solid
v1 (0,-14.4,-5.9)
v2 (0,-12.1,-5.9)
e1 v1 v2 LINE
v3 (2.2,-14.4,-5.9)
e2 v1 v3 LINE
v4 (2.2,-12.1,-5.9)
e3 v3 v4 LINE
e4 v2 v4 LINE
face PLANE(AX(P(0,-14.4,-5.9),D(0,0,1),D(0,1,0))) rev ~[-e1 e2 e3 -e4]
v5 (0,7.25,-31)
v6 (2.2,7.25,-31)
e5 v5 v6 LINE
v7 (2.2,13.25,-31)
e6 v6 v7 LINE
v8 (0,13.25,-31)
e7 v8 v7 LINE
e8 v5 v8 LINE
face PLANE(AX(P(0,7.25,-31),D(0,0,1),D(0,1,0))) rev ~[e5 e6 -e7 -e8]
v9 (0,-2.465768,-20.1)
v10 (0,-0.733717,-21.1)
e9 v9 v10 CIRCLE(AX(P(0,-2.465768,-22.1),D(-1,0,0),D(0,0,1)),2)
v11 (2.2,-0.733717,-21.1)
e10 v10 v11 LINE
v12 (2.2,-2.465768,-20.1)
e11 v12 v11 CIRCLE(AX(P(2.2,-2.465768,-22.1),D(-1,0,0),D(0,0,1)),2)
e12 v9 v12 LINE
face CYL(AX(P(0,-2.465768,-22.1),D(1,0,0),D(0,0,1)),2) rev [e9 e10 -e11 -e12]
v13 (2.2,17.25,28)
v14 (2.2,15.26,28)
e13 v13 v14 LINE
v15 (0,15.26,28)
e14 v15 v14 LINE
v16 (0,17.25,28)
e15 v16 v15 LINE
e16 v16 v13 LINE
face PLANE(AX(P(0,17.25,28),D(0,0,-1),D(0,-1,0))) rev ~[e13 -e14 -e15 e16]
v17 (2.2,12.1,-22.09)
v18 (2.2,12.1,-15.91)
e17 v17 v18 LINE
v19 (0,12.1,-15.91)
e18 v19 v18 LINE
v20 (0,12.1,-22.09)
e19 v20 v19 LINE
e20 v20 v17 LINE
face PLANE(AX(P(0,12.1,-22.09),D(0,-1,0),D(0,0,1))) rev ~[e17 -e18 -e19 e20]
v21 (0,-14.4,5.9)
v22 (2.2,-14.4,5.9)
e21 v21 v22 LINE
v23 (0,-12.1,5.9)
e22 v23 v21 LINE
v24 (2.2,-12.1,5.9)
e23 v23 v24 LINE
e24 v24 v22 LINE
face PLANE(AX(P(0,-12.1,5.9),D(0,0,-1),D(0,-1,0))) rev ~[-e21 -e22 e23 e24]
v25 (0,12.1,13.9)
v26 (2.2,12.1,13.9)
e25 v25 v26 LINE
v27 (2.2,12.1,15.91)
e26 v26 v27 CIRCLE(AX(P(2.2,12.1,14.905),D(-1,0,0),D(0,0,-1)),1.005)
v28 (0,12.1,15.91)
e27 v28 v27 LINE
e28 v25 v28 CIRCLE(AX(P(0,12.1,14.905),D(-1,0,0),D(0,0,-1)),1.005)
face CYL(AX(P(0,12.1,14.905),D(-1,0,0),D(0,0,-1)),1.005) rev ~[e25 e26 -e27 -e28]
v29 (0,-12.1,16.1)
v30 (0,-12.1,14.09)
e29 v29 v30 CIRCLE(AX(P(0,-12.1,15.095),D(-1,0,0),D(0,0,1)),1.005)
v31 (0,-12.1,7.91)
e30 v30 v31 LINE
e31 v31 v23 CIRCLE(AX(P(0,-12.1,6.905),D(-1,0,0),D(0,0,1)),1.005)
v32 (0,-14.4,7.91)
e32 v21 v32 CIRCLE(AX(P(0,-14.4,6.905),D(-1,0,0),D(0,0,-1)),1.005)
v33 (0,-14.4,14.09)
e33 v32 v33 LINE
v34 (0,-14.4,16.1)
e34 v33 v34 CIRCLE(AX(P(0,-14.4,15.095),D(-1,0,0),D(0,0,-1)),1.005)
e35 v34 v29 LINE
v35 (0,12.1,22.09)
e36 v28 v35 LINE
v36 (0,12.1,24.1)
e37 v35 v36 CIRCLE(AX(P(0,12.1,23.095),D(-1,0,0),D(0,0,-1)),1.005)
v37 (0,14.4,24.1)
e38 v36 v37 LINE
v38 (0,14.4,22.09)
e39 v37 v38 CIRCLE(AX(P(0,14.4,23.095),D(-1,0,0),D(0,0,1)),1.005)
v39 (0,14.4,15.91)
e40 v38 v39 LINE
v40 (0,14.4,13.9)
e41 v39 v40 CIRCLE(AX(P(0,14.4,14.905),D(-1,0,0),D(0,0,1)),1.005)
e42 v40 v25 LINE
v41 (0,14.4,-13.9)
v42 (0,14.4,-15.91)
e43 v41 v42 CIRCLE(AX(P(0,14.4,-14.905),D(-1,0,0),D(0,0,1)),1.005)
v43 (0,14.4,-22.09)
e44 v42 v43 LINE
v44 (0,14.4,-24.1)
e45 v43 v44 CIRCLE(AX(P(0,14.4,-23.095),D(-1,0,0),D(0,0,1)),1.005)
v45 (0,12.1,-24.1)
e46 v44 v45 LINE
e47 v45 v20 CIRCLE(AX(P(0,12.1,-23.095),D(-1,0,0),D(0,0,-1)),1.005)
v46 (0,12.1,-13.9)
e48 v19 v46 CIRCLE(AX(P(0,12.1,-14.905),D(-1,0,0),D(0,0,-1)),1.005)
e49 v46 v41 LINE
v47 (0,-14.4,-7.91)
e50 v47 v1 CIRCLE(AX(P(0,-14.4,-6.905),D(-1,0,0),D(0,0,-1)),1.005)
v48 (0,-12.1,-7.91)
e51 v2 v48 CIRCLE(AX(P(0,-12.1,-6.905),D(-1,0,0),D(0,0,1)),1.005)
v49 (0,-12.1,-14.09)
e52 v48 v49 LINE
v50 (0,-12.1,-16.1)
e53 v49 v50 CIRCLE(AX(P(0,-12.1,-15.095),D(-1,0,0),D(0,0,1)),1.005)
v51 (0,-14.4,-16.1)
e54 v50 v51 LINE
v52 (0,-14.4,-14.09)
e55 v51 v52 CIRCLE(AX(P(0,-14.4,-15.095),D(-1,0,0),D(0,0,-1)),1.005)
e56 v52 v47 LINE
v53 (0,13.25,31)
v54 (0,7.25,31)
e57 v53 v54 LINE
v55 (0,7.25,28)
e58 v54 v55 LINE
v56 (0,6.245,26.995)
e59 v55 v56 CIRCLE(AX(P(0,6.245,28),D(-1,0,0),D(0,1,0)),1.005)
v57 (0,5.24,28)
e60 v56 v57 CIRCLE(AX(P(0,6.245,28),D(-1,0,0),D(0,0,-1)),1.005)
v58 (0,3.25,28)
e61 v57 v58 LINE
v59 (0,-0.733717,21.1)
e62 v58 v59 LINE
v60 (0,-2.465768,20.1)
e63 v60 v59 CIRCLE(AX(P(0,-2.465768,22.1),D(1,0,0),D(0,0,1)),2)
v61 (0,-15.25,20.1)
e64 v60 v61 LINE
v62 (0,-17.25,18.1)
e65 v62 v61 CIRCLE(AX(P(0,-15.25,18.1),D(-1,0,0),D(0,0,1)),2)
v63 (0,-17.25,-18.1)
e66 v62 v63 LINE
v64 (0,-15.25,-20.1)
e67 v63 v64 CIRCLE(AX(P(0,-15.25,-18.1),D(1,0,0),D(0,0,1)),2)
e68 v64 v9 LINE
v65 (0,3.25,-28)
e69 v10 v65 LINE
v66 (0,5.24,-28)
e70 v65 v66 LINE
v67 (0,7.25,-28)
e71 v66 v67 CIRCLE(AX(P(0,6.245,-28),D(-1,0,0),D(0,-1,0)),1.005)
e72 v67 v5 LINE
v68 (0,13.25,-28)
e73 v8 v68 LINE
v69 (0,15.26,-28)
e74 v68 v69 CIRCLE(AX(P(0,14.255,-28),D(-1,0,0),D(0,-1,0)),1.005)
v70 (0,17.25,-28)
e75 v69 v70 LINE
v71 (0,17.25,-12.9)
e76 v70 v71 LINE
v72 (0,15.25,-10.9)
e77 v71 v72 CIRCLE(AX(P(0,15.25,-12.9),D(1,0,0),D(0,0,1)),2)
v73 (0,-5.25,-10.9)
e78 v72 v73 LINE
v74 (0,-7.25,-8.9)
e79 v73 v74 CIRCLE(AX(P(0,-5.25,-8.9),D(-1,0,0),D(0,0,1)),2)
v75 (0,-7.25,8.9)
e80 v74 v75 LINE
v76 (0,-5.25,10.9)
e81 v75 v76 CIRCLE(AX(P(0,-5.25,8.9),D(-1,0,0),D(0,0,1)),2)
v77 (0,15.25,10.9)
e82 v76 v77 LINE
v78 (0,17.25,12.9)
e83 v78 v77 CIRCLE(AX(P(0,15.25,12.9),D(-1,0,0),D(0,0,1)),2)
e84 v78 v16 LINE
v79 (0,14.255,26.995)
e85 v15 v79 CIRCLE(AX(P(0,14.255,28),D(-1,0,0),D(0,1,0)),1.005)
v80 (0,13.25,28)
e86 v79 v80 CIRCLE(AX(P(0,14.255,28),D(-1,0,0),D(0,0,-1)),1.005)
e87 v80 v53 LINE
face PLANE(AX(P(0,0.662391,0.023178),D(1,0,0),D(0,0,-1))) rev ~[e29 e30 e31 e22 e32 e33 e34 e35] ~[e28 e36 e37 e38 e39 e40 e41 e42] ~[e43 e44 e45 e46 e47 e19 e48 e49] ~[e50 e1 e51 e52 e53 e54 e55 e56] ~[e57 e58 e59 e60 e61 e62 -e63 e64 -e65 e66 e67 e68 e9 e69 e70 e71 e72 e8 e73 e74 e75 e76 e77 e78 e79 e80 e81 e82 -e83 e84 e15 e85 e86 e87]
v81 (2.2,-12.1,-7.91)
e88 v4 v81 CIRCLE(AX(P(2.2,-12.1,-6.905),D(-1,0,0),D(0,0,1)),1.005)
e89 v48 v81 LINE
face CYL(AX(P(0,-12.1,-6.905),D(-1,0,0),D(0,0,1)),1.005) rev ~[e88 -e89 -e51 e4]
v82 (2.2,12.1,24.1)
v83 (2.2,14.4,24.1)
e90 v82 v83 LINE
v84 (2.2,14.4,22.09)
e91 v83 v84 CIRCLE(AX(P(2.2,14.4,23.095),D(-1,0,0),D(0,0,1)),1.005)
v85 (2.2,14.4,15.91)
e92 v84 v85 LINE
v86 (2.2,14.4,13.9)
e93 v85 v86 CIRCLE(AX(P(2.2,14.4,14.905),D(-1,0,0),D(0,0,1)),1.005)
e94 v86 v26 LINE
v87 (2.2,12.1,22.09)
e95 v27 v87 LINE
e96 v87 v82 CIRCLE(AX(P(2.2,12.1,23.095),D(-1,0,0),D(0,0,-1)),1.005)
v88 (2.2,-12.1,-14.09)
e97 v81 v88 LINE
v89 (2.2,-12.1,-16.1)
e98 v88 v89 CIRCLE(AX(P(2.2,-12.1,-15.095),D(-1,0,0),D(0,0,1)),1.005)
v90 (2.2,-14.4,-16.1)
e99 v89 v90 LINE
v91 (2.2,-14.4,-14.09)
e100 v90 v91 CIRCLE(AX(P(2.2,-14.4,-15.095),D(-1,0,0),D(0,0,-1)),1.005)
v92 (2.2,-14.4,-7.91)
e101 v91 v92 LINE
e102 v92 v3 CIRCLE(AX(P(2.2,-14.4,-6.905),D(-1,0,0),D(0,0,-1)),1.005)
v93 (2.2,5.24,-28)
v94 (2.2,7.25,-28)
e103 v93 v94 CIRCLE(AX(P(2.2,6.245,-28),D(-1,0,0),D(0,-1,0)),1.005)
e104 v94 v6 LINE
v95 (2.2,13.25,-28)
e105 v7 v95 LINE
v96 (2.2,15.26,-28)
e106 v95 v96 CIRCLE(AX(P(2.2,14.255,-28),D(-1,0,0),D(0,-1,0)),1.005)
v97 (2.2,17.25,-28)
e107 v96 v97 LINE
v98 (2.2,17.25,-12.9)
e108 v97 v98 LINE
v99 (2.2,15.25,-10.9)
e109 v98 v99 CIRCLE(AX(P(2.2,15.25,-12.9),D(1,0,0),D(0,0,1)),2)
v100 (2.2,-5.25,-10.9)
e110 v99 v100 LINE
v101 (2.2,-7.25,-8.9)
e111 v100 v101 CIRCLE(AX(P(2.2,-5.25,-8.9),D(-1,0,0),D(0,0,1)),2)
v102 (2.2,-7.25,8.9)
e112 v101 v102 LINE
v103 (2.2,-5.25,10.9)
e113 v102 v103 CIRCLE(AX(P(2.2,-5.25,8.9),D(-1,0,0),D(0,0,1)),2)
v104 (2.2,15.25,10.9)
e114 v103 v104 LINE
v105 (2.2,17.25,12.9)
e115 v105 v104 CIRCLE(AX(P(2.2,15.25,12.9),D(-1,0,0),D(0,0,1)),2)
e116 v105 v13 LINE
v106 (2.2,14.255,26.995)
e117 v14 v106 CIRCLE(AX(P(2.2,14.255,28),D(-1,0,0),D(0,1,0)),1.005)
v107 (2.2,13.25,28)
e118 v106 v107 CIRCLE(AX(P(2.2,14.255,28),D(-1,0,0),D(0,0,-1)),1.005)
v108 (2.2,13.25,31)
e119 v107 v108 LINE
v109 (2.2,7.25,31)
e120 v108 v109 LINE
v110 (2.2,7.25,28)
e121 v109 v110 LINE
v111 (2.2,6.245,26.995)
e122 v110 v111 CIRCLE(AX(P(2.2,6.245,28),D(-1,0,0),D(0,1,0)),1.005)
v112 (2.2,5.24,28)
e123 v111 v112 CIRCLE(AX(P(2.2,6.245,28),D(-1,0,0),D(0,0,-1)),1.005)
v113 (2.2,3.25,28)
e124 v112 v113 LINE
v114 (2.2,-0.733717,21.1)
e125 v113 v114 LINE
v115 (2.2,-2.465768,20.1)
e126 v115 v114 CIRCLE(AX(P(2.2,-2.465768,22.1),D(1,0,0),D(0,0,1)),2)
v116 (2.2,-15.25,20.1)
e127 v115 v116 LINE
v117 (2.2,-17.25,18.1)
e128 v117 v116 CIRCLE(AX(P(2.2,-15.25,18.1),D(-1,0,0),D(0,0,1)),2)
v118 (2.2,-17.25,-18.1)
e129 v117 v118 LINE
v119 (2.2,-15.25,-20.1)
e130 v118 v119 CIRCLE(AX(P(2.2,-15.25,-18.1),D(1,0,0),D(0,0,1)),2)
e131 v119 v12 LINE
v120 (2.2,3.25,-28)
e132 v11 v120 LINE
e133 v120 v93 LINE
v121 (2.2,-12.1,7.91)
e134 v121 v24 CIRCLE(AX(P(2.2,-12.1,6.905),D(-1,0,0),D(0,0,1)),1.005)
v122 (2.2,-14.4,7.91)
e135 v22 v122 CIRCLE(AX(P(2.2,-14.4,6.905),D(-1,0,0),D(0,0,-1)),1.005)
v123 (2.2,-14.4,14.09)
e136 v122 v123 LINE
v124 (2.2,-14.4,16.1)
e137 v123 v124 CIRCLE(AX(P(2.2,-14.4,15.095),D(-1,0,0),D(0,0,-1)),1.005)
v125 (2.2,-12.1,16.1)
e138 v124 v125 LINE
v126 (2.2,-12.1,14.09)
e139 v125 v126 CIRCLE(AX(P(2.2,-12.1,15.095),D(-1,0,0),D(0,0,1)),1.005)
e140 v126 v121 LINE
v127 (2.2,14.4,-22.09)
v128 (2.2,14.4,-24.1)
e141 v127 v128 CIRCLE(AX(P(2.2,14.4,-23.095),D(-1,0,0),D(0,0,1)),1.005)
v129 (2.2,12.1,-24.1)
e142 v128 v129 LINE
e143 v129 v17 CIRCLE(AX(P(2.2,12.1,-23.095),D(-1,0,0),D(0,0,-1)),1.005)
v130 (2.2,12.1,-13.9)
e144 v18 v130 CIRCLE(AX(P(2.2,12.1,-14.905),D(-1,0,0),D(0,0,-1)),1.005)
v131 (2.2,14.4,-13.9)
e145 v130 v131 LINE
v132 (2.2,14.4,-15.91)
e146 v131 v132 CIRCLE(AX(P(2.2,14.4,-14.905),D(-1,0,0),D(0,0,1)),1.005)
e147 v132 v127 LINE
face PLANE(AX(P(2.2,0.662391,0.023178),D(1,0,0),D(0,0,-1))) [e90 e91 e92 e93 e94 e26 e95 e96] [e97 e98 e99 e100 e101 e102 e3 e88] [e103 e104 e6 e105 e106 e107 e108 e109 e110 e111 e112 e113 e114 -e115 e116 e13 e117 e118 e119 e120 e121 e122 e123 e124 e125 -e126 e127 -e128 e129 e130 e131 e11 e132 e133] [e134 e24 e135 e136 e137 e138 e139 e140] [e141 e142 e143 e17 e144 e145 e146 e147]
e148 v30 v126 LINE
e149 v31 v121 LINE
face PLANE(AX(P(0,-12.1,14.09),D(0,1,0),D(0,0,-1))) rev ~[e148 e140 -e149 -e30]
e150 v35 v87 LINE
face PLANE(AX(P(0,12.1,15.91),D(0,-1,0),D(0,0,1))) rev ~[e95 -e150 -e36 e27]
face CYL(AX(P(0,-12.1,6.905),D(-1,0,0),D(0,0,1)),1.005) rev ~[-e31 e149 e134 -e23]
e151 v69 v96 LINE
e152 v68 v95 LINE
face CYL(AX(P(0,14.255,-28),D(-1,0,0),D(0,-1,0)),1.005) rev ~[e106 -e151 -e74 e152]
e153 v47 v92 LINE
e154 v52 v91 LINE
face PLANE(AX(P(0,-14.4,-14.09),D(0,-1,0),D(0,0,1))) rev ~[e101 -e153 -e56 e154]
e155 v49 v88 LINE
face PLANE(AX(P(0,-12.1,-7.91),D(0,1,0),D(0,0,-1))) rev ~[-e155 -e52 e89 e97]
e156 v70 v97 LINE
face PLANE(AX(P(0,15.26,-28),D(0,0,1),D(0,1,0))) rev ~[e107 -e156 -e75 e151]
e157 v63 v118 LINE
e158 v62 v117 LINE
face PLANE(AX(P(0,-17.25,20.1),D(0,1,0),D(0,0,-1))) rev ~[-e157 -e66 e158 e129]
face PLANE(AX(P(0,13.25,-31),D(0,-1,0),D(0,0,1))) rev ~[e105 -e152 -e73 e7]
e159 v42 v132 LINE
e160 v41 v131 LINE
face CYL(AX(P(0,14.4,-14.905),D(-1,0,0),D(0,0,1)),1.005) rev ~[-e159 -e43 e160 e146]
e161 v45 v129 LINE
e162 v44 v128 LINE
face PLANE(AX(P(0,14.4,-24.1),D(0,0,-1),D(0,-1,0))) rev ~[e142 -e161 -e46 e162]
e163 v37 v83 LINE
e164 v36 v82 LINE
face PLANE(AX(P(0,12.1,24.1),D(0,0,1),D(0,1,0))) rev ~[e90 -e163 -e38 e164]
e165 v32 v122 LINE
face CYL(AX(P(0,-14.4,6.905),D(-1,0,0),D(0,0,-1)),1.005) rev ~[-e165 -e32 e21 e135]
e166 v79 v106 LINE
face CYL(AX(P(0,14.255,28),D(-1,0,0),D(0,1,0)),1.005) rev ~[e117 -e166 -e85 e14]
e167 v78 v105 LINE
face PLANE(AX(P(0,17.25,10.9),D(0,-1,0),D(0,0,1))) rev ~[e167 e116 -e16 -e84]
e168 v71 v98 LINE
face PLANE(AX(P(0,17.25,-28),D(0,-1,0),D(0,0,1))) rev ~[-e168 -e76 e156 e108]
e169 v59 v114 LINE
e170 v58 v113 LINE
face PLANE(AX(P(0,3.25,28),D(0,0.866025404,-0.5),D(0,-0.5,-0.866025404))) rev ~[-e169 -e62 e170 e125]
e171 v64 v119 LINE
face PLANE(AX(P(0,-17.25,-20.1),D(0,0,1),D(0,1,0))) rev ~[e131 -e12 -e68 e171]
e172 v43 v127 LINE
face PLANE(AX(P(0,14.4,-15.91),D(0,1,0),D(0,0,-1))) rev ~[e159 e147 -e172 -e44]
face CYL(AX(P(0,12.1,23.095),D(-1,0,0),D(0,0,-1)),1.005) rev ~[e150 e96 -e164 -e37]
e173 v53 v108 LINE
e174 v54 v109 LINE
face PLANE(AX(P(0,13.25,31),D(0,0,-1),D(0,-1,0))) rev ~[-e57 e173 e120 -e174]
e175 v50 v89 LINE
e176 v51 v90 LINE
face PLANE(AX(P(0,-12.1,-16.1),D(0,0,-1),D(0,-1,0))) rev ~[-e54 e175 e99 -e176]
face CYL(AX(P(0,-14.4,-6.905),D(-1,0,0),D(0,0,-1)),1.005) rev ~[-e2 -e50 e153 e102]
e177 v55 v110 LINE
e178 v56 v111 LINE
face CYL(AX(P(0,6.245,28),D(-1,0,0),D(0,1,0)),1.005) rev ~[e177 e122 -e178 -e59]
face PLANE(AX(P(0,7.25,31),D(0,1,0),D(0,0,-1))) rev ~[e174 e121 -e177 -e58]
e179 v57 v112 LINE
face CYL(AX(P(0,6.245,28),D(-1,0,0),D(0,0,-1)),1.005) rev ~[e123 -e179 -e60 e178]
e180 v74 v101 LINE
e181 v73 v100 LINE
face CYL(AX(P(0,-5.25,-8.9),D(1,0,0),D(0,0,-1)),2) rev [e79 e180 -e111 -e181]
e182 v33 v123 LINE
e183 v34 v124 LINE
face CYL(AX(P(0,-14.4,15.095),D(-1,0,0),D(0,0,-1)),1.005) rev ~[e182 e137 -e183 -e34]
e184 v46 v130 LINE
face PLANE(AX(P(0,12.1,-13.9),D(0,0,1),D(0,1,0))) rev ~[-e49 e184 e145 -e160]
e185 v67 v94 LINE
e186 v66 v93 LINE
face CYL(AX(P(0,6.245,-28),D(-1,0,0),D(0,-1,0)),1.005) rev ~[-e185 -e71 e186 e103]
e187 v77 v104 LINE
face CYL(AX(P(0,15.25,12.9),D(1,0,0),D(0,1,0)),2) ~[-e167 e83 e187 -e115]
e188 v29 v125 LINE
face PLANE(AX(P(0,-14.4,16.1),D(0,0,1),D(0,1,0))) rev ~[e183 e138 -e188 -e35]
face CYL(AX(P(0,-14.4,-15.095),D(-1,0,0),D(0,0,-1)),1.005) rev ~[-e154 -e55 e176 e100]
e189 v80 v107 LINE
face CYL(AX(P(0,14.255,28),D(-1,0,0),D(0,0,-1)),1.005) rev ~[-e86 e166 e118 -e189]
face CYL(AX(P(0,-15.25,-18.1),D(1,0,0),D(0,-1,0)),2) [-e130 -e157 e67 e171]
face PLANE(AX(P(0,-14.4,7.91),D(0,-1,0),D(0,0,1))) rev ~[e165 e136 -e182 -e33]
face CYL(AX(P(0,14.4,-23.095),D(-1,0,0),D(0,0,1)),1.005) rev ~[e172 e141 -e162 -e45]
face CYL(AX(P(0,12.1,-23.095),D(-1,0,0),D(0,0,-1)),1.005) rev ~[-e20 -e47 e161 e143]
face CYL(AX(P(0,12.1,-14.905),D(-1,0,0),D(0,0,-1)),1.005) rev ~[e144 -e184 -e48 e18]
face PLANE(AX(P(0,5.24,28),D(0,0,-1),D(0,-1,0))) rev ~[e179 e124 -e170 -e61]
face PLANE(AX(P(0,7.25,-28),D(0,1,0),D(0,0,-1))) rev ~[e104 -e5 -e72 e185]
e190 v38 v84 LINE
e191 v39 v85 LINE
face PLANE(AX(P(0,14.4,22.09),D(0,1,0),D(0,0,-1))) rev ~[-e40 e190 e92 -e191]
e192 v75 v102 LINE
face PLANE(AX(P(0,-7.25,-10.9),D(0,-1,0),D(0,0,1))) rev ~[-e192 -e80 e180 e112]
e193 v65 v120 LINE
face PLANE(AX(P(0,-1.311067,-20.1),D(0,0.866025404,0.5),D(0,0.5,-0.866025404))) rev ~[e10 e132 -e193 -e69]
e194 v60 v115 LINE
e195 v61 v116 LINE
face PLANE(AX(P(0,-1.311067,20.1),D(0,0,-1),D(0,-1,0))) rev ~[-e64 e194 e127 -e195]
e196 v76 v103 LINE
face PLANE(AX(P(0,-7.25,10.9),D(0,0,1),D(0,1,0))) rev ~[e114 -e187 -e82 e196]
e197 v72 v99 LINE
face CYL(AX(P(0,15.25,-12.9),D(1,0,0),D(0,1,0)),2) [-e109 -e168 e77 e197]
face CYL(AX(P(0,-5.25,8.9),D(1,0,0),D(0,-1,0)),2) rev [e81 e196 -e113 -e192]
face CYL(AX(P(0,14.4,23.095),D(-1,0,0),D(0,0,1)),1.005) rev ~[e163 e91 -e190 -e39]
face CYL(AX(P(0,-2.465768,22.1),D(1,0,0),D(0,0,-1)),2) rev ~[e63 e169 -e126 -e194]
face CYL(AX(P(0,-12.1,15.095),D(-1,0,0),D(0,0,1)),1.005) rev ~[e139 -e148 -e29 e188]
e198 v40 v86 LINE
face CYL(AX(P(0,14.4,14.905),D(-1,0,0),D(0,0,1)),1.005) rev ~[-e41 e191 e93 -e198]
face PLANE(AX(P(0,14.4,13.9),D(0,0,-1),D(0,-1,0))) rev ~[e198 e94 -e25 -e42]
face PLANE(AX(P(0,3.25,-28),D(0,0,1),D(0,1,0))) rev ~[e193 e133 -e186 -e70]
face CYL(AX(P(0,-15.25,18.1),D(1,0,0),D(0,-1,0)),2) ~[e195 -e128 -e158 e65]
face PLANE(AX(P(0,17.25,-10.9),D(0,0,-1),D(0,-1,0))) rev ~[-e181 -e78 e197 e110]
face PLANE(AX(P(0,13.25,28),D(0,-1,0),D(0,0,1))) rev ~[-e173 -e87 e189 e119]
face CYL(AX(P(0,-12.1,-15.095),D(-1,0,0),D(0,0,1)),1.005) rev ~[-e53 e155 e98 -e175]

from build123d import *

# Parameters (mm, degrees)
EXTRUDE_1_DEPTH = 2.2
FILLET_1_R      = 2


with BuildPart() as part:
    # 草图1 → 凸台-拉伸1 (new body)
    with BuildSketch(Plane(origin=(0, 0, 0), x_dir=(0, 0, -1), z_dir=(1, 0, 0))):
        with BuildLine():
            Line((-20.1, -17.25), (20.1, -17.25))
            Line((20.1, -17.25), (20.1, -1.311067127))
            Line((20.1, -1.311067127), (28, 3.25))
            Line((28, 3.25), (28, 5.24))
            ThreePointArc((28, 5.24), (26.995, 6.245), (28, 7.25))
            Line((28, 7.25), (31, 7.25))
            Line((31, 7.25), (31, 13.25))
            Line((31, 13.25), (28, 13.25))
            ThreePointArc((28, 13.25), (26.995, 14.255), (28, 15.26))
            Line((28, 15.26), (28, 17.25))
            Line((28, 17.25), (10.9, 17.25))
            Line((10.9, 17.25), (10.9, -7.25))
            Line((10.9, -7.25), (-10.9, -7.25))
            Line((-10.9, -7.25), (-10.9, 17.25))
            Line((-10.9, 17.25), (-28, 17.25))
            Line((-28, 17.25), (-28, 15.26))
            ThreePointArc((-28, 15.26), (-27.289357685, 14.965642315), (-26.995, 14.255))
            ThreePointArc((-26.995, 14.255), (-27.289357685, 13.544357685), (-28, 13.25))
            Line((-28, 13.25), (-31, 13.25))
            Line((-31, 13.25), (-31, 7.25))
            Line((-31, 7.25), (-28, 7.25))
            ThreePointArc((-28, 7.25), (-27.289357685, 6.955642315), (-26.995, 6.245))
            ThreePointArc((-26.995, 6.245), (-27.289357685, 5.534357685), (-28, 5.24))
            Line((-28, 5.24), (-28, 3.25))
            Line((-28, 3.25), (-20.1, -1.311067127))
            Line((-20.1, -1.311067127), (-20.1, -17.25))
        make_face()
        with BuildLine():
            Line((-7.91, -14.4), (-14.09, -14.4))
            ThreePointArc((-14.09, -14.4), (-15.095, -15.405), (-16.1, -14.4))
            Line((-16.1, -14.4), (-16.1, -12.1))
            ThreePointArc((-16.1, -12.1), (-15.095, -11.095), (-14.09, -12.1))
            Line((-14.09, -12.1), (-7.91, -12.1))
            ThreePointArc((-7.91, -12.1), (-6.905, -11.095), (-5.9, -12.1))
            Line((-5.9, -12.1), (-5.9, -14.4))
            ThreePointArc((-5.9, -14.4), (-6.905, -15.405), (-7.91, -14.4))
        make_face(mode=Mode.SUBTRACT)
        with BuildLine():
            Line((16.1, -12.1), (16.1, -14.4))
            ThreePointArc((16.1, -14.4), (15.095, -15.405), (14.09, -14.4))
            Line((14.09, -14.4), (7.91, -14.4))
            ThreePointArc((7.91, -14.4), (6.905, -15.405), (5.9, -14.4))
            Line((5.9, -14.4), (5.9, -12.1))
            ThreePointArc((5.9, -12.1), (6.905, -11.095), (7.91, -12.1))
            Line((7.91, -12.1), (14.09, -12.1))
            ThreePointArc((14.09, -12.1), (15.095, -11.095), (16.1, -12.1))
        make_face(mode=Mode.SUBTRACT)
        with BuildLine():
            Line((-15.91, 12.1), (-22.09, 12.1))
            ThreePointArc((-22.09, 12.1), (-23.095, 11.095), (-24.1, 12.1))
            Line((-24.1, 12.1), (-24.1, 14.4))
            ThreePointArc((-24.1, 14.4), (-23.095, 15.405), (-22.09, 14.4))
            Line((-22.09, 14.4), (-15.91, 14.4))
            ThreePointArc((-15.91, 14.4), (-14.905, 15.405), (-13.9, 14.4))
            Line((-13.9, 14.4), (-13.9, 12.1))
            ThreePointArc((-13.9, 12.1), (-14.905, 11.095), (-15.91, 12.1))
        make_face(mode=Mode.SUBTRACT)
        with BuildLine():
            Line((13.9, 12.1), (13.9, 14.4))
            ThreePointArc((13.9, 14.4), (14.905, 15.405), (15.91, 14.4))
            Line((15.91, 14.4), (22.09, 14.4))
            ThreePointArc((22.09, 14.4), (23.095, 15.405), (24.1, 14.4))
            Line((24.1, 14.4), (24.1, 12.1))
            ThreePointArc((24.1, 12.1), (23.095, 11.095), (22.09, 12.1))
            Line((22.09, 12.1), (15.91, 12.1))
            ThreePointArc((15.91, 12.1), (14.905, 11.095), (13.9, 12.1))
        make_face(mode=Mode.SUBTRACT)
    extrude(amount=EXTRUDE_1_DEPTH)

    # 圆角1
    fillet_1_edges = [part.edges().sort_by_distance(p)[0] for p in [
        (1.1, -1.311067127, -20.1),
        (1.1, -17.25, -20.1),
        (1.1, -17.25, 20.1),
        (1.1, -1.311067127, 20.1),
        (1.1, 17.25, 10.9),
        (1.1, -7.25, 10.9),
        (1.1, -7.25, -10.9),
        (1.1, 17.25, -10.9),
    ]]
    fillet(fillet_1_edges, radius=FILLET_1_R)


solid = part.part
